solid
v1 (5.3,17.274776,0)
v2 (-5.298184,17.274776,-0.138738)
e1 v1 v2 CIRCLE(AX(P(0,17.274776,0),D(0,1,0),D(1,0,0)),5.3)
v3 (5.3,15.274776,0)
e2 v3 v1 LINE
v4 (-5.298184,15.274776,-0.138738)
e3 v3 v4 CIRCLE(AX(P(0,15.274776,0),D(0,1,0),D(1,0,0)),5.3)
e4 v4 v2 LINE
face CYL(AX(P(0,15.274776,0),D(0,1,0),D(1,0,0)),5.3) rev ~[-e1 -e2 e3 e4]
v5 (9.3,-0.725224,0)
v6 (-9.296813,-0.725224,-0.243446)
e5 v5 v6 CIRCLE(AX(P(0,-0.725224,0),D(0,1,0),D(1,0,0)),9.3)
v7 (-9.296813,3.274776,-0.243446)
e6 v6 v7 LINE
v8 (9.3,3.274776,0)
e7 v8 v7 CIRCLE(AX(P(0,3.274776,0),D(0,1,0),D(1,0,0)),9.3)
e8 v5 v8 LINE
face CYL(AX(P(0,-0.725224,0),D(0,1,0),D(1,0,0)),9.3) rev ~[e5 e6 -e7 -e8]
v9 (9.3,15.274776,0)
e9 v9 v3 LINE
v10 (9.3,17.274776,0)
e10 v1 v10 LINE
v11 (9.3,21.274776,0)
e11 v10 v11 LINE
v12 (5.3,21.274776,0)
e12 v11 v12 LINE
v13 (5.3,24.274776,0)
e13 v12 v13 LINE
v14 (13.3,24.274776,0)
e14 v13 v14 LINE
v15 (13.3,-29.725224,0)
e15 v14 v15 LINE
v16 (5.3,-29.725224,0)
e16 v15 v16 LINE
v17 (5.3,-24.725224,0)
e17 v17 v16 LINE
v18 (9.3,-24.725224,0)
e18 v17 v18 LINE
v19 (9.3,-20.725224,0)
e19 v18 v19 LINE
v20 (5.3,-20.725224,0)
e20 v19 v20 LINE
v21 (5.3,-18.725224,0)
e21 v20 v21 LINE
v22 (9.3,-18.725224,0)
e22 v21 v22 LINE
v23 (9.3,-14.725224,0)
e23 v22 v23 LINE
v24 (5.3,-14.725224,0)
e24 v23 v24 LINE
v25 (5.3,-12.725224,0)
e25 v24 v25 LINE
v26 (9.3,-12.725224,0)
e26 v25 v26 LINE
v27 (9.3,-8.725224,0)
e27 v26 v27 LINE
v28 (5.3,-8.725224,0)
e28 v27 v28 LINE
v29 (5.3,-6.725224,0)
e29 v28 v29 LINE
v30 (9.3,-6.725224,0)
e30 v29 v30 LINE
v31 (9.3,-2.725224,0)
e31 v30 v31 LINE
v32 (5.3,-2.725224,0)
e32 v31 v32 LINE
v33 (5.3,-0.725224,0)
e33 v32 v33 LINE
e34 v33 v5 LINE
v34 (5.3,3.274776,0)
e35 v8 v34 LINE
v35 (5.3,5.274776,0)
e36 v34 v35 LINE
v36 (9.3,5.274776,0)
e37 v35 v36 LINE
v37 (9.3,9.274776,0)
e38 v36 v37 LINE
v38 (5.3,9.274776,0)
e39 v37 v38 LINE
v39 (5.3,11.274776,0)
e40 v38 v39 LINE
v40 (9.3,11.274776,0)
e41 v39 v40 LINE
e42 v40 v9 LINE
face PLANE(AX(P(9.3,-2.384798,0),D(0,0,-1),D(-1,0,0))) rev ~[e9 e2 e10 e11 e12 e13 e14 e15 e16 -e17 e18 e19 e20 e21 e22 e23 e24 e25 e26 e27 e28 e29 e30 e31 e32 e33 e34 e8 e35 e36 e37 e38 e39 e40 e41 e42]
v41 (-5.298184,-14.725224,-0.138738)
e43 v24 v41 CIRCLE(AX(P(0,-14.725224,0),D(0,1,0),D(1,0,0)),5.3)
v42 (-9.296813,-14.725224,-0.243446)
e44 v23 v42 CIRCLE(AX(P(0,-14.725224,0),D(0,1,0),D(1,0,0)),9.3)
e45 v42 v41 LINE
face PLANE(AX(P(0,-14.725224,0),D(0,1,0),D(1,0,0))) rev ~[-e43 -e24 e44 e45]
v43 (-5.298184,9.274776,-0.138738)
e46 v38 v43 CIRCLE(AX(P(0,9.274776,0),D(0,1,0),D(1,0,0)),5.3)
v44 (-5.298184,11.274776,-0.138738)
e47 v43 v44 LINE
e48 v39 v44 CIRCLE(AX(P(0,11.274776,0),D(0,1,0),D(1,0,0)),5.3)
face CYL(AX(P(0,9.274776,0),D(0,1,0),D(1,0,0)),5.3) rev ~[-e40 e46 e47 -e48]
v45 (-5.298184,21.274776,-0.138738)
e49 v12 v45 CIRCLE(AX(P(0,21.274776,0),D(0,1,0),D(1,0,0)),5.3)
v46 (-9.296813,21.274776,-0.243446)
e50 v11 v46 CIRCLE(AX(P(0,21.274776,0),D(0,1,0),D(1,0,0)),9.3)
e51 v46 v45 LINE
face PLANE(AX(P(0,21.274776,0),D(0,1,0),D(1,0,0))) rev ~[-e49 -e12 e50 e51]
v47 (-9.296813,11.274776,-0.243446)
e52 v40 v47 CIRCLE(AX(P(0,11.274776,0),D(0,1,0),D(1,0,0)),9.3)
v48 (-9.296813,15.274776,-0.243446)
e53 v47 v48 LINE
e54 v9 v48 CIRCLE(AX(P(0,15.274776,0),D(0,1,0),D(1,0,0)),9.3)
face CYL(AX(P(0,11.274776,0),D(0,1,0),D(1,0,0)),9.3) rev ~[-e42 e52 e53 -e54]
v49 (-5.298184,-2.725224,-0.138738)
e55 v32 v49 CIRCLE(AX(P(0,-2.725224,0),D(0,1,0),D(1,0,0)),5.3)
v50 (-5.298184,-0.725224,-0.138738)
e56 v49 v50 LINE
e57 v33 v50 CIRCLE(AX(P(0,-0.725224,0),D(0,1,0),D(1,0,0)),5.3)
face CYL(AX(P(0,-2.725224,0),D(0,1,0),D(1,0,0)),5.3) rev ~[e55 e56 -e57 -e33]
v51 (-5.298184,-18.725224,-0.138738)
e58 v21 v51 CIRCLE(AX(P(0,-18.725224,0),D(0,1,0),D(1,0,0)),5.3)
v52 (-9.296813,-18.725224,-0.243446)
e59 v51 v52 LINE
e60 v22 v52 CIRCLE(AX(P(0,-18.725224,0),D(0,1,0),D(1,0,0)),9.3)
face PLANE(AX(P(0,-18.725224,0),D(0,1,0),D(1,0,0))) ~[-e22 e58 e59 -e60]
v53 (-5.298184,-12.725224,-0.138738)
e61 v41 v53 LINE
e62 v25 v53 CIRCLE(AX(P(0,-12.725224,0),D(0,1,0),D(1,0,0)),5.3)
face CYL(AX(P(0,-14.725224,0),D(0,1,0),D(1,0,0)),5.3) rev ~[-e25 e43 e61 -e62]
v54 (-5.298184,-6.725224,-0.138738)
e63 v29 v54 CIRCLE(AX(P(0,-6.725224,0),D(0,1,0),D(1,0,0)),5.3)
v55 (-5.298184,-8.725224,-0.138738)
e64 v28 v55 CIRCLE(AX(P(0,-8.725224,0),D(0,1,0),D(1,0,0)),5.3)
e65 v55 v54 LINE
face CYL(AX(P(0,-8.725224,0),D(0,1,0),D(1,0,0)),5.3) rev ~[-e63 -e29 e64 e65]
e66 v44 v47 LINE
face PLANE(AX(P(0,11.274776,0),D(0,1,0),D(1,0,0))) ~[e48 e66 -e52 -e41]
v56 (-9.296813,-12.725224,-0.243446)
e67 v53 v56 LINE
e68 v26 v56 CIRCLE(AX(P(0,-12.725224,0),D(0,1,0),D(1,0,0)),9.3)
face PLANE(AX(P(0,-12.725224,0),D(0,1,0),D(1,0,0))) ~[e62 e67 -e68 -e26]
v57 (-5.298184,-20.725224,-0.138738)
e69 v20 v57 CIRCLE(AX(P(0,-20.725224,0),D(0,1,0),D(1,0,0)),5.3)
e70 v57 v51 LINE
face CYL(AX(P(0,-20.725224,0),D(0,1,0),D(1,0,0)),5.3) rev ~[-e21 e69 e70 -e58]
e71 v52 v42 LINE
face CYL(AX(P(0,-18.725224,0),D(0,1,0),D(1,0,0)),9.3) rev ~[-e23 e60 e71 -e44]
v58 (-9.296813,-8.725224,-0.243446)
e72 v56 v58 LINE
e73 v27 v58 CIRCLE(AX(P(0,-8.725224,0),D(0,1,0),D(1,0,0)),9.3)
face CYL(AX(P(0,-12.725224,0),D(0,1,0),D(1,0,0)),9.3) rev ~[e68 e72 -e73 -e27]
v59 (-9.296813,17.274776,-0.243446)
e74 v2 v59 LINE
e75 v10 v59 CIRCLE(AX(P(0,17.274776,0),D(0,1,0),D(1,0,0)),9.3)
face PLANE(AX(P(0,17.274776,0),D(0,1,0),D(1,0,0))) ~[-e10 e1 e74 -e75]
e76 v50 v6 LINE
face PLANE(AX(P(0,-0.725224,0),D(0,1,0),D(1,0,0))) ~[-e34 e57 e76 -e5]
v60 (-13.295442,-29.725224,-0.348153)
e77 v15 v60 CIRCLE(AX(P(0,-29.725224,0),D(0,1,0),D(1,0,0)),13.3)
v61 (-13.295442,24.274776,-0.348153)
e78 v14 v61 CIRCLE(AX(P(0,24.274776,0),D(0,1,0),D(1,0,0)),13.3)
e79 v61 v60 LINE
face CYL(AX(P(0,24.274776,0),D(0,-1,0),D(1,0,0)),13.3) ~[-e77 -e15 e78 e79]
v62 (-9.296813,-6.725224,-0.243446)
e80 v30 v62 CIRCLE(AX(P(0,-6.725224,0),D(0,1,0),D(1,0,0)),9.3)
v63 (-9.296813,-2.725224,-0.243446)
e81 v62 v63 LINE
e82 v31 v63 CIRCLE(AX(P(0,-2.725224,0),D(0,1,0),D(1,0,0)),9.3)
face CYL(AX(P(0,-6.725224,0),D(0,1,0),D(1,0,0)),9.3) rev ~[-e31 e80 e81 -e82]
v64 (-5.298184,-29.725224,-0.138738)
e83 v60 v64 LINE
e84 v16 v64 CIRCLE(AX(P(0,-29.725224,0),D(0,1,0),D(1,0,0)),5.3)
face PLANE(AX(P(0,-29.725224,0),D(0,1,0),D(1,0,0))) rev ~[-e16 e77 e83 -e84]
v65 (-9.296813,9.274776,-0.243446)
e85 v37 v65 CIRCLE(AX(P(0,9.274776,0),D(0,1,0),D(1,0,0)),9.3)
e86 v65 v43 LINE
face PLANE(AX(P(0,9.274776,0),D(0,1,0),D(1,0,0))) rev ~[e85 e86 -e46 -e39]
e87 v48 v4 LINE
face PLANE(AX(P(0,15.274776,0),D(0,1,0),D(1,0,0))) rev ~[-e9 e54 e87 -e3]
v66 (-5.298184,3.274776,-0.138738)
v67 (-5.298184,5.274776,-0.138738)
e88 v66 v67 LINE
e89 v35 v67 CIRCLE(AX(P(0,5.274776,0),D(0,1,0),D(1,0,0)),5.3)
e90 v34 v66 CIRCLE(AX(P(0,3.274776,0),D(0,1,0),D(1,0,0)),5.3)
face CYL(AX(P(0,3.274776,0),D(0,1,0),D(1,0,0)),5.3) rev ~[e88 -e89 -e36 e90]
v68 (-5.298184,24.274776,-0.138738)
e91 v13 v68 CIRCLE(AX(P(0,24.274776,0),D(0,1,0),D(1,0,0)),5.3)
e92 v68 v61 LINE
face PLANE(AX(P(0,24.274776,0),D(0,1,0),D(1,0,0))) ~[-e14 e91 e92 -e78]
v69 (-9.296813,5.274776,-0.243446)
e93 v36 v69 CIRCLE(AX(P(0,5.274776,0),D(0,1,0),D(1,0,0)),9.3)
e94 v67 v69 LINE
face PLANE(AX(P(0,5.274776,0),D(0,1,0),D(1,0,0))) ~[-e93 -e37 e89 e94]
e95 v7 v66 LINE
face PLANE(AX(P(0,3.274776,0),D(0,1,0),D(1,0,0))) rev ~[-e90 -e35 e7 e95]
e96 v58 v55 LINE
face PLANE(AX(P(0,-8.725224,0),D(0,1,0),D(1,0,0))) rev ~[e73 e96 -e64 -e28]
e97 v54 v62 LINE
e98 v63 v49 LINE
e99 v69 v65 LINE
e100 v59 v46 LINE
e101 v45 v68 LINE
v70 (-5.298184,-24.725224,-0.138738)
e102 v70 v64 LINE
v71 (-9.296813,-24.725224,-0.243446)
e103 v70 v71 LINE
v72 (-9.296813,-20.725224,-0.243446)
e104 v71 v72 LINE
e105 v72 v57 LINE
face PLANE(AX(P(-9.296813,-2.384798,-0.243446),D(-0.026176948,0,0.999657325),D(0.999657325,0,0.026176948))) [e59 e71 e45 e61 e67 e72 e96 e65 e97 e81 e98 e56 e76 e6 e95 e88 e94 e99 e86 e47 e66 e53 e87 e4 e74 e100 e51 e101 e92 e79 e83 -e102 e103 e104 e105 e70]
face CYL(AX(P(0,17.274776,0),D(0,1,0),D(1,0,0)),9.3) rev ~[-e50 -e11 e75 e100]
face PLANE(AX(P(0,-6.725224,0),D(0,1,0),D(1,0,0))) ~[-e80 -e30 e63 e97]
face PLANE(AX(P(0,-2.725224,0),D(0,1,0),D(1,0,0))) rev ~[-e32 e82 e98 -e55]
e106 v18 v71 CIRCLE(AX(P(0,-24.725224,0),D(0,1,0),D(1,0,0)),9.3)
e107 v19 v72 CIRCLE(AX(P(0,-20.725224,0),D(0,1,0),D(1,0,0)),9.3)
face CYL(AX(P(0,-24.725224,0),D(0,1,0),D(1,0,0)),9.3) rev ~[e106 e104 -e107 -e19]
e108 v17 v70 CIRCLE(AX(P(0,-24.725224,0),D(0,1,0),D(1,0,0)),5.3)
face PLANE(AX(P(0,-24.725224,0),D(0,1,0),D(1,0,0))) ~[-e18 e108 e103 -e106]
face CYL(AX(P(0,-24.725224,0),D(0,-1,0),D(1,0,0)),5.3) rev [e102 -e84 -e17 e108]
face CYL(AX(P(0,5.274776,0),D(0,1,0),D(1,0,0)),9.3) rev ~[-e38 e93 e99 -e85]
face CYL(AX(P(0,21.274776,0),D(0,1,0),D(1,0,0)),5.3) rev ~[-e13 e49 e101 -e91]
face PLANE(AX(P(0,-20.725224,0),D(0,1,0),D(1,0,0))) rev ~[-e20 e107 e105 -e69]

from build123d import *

# Parameters (mm, degrees)
REVOLVE1_ANGLE = 178.5


with BuildPart() as part:
    # Sketch1 → Revolve1 (revolve)
    with BuildSketch(Plane.XY):
        Polygon((5.3, 21.274776409), (5.3, 24.274776409), (13.3, 24.274776409), (13.3, -29.725223591), (5.3, -29.725223591), (5.3, -26.725223591), (5.3, -24.725223591), (9.3, -24.725223591), (9.3, -20.725223591), (5.3, -20.725223591), (5.3, -18.725223591), (9.3, -18.725223591), (9.3, -14.725223591), (5.3, -14.725223591), (5.3, -12.725223591), (9.3, -12.725223591), (9.3, -8.725223591), (5.3, -8.725223591), (5.3, -6.725223591), (9.3, -6.725223591), (9.3, -2.725223591), (5.3, -2.725223591), (5.3, -0.725223591), (9.3, -0.725223591), (9.3, 3.274776409), (5.3, 3.274776409), (5.3, 5.274776409), (9.3, 5.274776409), (9.3, 9.274776409), (5.3, 9.274776409), (5.3, 11.274776409), (9.3, 11.274776409), (9.3, 15.274776409), (5.3, 15.274776409), (5.3, 17.274776409), (9.3, 17.274776409), (9.3, 21.274776409), align=None)
    revolve(axis=Axis((0, -24, 0), (0, 1, 0)), revolution_arc=REVOLVE1_ANGLE)


solid = part.part
